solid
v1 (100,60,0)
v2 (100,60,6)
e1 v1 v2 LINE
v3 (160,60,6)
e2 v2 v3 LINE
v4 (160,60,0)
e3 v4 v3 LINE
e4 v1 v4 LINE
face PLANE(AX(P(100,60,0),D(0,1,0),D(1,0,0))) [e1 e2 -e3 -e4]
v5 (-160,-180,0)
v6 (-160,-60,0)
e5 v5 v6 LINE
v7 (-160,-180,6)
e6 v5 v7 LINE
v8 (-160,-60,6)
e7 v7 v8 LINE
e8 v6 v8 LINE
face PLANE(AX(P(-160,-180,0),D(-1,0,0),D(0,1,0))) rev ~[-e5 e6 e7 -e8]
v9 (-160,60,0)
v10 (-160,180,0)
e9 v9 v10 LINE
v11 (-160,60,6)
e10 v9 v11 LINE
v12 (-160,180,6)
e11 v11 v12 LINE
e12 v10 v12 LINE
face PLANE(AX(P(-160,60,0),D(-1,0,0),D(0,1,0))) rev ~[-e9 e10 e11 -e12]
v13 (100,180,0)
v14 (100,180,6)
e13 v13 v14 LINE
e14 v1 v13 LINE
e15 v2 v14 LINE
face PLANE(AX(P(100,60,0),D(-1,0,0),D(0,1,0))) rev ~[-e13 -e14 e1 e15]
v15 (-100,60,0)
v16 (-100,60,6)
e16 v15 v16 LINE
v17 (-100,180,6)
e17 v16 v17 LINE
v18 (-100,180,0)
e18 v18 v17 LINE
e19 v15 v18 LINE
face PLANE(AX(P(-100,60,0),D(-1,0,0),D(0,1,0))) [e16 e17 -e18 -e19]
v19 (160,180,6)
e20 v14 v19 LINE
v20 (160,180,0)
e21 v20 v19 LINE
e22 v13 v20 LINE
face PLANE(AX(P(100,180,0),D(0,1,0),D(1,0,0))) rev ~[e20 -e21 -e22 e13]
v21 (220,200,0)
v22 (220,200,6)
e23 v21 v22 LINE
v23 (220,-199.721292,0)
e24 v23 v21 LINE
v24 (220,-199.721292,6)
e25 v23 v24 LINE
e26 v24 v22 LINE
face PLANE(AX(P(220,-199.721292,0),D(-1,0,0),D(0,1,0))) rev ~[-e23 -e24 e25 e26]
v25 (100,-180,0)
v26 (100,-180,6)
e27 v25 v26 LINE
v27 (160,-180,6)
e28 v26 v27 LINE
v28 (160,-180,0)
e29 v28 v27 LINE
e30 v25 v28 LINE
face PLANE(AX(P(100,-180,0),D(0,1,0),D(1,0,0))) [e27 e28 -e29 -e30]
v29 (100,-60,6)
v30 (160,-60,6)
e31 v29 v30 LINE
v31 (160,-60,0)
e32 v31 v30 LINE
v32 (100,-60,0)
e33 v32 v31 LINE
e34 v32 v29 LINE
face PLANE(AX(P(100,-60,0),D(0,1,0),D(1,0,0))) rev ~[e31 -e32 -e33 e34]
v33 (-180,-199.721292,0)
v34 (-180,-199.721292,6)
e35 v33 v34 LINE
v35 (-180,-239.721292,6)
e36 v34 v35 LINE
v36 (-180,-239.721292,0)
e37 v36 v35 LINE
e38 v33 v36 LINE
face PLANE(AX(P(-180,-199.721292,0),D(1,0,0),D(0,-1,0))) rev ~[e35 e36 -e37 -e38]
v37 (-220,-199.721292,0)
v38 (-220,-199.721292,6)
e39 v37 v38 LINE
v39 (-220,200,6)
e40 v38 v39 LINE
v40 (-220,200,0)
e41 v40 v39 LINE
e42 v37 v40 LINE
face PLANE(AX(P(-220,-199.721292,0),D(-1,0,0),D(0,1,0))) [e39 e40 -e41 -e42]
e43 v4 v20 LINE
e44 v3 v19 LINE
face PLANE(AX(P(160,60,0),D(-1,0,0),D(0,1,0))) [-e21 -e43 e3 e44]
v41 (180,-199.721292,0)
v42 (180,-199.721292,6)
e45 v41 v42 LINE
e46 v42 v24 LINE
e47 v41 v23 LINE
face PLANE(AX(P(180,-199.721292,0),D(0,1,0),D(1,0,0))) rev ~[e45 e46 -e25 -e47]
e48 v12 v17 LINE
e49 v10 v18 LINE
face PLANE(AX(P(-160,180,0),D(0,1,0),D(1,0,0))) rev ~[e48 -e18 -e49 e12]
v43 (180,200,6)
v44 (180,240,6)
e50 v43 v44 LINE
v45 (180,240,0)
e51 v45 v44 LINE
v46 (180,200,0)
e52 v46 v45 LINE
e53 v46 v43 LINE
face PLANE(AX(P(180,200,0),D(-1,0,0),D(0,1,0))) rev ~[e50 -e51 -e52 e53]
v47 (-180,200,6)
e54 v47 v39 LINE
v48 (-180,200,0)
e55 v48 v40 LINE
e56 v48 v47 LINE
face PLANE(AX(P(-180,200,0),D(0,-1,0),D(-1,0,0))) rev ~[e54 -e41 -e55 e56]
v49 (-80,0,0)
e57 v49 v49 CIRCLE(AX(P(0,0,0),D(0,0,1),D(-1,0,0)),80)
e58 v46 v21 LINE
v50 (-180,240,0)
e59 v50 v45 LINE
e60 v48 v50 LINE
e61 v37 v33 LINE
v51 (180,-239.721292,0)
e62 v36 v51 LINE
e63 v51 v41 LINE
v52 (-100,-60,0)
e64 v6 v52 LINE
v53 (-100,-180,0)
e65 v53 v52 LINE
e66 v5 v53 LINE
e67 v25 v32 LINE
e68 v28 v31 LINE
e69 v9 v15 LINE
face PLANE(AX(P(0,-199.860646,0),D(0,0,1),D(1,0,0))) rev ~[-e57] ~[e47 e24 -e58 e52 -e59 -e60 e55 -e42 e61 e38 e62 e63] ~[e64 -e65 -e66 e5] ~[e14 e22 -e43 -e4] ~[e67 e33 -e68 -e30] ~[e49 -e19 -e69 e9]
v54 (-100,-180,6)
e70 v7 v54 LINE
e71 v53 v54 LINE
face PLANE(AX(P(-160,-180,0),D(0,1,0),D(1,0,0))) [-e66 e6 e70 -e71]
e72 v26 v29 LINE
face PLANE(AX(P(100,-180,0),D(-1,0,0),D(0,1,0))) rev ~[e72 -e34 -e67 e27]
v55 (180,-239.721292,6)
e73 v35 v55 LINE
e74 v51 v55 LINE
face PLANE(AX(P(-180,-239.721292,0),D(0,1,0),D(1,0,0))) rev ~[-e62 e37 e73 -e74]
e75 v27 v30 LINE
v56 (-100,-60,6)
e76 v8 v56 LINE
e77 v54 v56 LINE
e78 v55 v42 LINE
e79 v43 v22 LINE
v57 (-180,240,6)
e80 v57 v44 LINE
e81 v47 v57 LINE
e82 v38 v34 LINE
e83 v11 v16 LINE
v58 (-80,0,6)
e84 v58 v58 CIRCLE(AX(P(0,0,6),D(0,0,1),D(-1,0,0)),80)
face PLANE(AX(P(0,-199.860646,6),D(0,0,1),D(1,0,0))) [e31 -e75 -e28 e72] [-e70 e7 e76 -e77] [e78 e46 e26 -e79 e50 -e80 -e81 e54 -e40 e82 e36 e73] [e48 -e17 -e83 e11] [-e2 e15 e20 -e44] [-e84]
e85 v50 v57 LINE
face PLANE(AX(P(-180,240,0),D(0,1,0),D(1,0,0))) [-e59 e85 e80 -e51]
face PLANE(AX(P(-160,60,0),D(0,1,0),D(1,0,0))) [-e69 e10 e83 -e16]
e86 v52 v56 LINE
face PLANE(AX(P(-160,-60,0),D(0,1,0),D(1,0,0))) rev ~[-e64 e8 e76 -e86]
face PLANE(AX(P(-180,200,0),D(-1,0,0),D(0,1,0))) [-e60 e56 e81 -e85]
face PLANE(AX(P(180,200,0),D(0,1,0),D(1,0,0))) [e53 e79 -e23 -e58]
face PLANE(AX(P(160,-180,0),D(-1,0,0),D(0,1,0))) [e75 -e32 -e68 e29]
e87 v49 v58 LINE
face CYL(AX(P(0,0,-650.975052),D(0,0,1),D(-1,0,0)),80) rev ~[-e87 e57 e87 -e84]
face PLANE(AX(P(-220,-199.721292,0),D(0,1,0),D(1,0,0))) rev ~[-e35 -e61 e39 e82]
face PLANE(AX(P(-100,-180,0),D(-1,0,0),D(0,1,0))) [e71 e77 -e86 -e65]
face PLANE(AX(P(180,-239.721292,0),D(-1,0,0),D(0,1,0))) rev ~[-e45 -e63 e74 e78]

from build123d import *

# Parameters (mm, degrees)
F0_W     = 360
F0_H     = 0.278708
F0_H_2   = 399.721292
F0_W_2   = 60
F0_H_3   = 120
F0_W_3   = 40
F0_H_4   = 40
F0_H_5   = 39.721292
F1_DEPTH = 6
F2_D     = 160


with BuildPart() as f1:
    # F0 (on Top) → F1 (new body)
    with BuildSketch(Plane.XY):
        with Locations((0, -199.860646)):
            Rectangle(F0_W, F0_H)
        with Locations((0, 0.139354)):
            Rectangle(F0_W, F0_H_2)
        with Locations((-130, -120)):
            Rectangle(F0_W_2, F0_H_3, mode=Mode.SUBTRACT)
        with Locations((130, -120)):
            Rectangle(F0_W_2, F0_H_3, mode=Mode.SUBTRACT)
        with Locations((-130, 120)):
            Rectangle(F0_W_2, F0_H_3, mode=Mode.SUBTRACT)
        with Locations((130, 120)):
            Rectangle(F0_W_2, F0_H_3, mode=Mode.SUBTRACT)
        with Locations((-200, 0.139354)):
            Rectangle(F0_W_3, F0_H_2)
        with Locations((0, 220)):
            Rectangle(F0_W, F0_H_4)
        with Locations((0, -219.860646)):
            Rectangle(F0_W, F0_H_5)
        with Locations((200, 0.139354)):
            Rectangle(F0_W_3, F0_H_2)
    extrude(amount=F1_DEPTH)

    # F2 (through all)
    with Locations(Plane(origin=(0, 0, 0), x_dir=(1, 0, 0), z_dir=(0, 0, -1))):
        with Locations((0, 0)):
            Hole(F2_D / 2)


solid = f1.part
